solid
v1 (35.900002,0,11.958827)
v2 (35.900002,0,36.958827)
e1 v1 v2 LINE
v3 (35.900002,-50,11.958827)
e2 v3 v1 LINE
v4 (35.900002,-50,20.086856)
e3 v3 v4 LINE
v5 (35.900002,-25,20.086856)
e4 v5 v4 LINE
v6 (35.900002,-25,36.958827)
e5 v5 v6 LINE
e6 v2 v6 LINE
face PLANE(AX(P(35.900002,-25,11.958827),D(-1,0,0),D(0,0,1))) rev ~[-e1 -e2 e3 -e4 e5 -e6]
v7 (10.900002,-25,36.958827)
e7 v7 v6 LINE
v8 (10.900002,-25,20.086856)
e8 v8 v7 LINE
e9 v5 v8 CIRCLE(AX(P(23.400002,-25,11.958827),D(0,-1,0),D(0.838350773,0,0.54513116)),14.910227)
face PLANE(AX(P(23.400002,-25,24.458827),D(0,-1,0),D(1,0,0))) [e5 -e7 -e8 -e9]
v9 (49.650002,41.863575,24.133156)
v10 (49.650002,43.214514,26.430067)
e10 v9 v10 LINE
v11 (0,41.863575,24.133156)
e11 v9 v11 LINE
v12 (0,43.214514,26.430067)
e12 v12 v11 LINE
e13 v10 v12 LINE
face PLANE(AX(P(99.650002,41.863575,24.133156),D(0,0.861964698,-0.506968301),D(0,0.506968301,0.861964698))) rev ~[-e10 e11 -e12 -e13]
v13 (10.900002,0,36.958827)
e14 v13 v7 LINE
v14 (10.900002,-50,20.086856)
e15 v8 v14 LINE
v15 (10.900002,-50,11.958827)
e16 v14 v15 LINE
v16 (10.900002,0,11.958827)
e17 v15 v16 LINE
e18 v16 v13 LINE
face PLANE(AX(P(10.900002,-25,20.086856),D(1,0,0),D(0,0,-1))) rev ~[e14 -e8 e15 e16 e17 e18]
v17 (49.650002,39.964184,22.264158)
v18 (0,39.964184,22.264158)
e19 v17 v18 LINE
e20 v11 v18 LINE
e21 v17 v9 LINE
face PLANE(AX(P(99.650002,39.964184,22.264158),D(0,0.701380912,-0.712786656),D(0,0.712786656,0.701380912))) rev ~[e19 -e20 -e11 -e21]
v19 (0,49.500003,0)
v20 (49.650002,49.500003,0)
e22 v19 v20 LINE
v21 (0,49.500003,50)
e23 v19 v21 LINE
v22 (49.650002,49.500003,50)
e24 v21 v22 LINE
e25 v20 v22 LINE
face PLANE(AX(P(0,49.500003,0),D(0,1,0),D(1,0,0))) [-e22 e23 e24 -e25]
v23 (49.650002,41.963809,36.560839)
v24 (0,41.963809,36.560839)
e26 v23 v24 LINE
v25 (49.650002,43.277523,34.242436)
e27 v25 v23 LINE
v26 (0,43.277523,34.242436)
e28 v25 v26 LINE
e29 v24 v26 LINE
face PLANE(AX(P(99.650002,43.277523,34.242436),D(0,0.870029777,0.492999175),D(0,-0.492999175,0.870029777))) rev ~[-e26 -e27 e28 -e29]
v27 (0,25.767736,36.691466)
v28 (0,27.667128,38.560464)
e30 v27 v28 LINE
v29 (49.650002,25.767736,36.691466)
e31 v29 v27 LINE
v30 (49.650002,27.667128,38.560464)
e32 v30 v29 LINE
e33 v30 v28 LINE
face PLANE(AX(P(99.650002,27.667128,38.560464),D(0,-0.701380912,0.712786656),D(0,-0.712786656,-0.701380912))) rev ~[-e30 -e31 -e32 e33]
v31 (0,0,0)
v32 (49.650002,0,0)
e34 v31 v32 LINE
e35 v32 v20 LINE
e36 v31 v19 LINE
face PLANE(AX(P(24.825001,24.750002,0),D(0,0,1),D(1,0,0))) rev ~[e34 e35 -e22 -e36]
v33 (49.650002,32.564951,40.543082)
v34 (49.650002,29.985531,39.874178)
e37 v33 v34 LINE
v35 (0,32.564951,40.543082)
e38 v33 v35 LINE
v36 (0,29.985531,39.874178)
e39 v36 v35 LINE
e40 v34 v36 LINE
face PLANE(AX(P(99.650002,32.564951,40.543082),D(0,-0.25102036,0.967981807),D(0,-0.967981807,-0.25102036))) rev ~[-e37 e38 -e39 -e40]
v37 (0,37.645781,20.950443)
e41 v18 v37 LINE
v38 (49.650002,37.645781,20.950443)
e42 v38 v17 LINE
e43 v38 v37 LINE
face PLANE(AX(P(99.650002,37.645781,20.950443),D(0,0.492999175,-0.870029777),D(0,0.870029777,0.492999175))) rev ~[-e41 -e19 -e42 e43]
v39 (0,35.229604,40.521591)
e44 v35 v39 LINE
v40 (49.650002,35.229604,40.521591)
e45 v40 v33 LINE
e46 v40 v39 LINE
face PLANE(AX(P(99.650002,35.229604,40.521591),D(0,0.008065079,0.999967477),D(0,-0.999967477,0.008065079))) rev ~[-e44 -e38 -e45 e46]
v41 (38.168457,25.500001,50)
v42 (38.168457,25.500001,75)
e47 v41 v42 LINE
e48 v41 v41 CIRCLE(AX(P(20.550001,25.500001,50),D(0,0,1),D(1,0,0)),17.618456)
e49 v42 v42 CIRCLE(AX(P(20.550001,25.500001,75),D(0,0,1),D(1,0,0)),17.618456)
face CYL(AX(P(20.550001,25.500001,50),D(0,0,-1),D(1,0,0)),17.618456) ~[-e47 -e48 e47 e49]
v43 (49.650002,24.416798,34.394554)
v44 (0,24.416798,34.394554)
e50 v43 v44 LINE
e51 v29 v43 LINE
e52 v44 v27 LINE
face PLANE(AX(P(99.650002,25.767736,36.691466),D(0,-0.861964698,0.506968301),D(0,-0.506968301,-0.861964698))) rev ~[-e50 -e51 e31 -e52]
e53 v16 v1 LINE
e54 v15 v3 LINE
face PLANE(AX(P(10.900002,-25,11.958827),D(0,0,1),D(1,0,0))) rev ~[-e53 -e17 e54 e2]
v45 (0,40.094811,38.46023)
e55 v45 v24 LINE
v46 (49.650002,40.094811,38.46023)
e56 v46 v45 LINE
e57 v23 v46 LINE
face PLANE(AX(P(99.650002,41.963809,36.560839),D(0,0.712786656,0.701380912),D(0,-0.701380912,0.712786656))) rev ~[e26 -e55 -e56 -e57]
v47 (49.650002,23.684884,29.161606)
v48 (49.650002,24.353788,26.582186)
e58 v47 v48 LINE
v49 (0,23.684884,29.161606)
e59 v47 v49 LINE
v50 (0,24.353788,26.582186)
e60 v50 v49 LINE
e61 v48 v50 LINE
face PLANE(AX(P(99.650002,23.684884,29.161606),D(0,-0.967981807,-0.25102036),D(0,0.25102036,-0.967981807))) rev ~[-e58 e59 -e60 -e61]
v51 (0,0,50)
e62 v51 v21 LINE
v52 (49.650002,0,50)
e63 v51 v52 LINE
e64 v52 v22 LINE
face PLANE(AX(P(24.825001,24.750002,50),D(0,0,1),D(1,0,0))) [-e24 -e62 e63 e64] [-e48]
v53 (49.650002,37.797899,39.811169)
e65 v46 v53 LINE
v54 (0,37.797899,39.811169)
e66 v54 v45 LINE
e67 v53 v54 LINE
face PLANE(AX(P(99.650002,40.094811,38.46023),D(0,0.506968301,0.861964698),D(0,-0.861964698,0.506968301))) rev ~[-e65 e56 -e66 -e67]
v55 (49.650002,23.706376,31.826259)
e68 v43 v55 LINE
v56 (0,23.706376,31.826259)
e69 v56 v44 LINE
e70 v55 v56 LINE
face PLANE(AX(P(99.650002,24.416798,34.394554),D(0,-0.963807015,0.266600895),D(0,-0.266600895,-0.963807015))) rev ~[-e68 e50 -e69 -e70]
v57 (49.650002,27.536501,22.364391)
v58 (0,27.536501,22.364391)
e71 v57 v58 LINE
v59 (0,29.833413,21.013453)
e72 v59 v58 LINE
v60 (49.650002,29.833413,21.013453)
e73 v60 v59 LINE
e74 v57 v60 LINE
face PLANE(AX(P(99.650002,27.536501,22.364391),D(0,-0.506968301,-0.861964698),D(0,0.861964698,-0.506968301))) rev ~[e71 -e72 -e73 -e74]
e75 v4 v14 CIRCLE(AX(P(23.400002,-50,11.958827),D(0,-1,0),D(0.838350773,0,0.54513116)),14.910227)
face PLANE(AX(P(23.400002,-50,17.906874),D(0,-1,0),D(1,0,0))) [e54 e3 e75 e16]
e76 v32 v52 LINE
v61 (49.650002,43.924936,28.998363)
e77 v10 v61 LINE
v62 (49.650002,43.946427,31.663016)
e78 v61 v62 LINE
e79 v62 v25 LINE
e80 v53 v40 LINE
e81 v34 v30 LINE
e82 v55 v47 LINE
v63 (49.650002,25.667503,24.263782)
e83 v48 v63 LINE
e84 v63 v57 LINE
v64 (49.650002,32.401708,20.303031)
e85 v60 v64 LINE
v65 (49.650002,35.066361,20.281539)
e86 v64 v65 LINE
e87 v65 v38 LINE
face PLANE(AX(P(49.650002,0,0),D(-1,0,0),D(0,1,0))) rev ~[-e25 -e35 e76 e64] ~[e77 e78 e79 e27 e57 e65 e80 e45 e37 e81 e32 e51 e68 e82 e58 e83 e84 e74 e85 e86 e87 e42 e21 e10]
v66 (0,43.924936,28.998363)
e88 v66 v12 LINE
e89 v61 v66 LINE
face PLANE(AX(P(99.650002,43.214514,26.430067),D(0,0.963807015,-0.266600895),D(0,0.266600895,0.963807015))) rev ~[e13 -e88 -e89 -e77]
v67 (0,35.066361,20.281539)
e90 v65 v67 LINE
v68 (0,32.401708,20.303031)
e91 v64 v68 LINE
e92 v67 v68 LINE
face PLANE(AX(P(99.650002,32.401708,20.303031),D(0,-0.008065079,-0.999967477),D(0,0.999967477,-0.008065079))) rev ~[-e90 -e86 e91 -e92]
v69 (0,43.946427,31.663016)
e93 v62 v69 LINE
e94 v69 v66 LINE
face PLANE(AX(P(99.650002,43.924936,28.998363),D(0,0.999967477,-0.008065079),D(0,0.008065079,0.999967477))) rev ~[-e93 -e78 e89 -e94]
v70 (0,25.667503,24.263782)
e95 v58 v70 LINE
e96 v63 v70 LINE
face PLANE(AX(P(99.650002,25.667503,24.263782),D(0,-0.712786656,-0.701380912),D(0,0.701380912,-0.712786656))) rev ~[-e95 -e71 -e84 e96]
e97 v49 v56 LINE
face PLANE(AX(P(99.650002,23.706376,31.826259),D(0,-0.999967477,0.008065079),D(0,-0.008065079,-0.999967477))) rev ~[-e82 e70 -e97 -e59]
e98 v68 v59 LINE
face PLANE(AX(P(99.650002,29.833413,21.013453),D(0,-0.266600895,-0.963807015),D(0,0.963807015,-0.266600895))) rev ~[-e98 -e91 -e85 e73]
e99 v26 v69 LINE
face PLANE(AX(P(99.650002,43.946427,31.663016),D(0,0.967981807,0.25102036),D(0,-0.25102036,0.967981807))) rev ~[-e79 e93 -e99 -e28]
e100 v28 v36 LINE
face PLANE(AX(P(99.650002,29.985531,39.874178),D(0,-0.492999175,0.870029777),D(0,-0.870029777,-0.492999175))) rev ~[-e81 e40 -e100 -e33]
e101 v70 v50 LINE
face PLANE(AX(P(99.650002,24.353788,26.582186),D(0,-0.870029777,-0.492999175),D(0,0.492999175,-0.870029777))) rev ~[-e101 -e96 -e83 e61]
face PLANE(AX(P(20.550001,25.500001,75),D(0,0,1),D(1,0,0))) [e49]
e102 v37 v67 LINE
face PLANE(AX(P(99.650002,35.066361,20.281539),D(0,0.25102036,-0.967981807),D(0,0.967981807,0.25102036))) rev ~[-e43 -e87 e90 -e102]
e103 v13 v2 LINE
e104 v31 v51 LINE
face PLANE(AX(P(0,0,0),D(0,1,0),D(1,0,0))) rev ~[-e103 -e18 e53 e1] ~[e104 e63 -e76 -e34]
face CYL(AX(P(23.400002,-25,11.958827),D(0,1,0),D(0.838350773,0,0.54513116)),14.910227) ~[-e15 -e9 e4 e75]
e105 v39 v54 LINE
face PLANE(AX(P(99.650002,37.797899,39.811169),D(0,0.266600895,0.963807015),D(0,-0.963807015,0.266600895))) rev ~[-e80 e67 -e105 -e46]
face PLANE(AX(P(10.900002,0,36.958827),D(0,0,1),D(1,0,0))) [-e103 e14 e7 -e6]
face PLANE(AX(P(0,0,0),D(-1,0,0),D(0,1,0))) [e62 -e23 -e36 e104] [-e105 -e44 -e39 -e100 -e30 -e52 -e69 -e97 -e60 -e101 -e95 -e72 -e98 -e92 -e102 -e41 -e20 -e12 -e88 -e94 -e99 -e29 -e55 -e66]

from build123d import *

# Parameters (mm, degrees)
F0_W      = 49.6500022709
F0_H      = 49.5000034571
F1_DEPTH  = 50
F2_W      = 25
F2_H      = 25
F3_DEPTH  = 25
F4_R      = 17.6184560371
F5_DEPTH  = 25
F7_DEPTH  = 25
F8_DEPTH  = 25
F9_DEPTH  = 55
F10_DEPTH = 55
F11_DEPTH = 100
F13_DEPTH = 25


with BuildPart() as f1:
    # F0 (on Top) → F1 (new body)
    with BuildSketch(Plane.XY):
        with Locations((24.8250011355, 24.7500017285)):
            Rectangle(F0_W, F0_H)
    extrude(amount=F1_DEPTH)

    # F2 (on face) → F3 (join)
    with BuildSketch(Plane.XZ):
        with Locations((23.4000021592, 24.4588267358)):
            Rectangle(F2_W, F2_H)
    extrude(amount=F3_DEPTH)

    # F4 (on face) → F5 (join)
    with BuildSketch(Plane.XY.offset(50)):
        with Locations((20.5500014126, 25.5000013858)):
            Circle(F4_R)
    extrude(amount=F5_DEPTH)

    # F6 (on face) → F7 (join)
    with BuildSketch(Plane.YZ.offset(49.6500022709)):
        Polygon((23.6848843281, 29.1616055147), (24.3537883277, 26.5821856483), (25.6675029629, 24.2637824769), (27.5365007525, 22.3643913453), (29.8334125856, 21.0134526203), (32.4017077168, 20.3030305434), (35.066361077, 20.2815392052), (37.6457809434, 20.9504432048), (39.9641841148, 22.26415784), (41.8635752464, 24.1331556296), (43.2145139714, 26.4300674627), (43.9249360483, 28.9983625938), (43.9464273865, 31.6630159541), (43.2775233869, 34.2424358205), (41.9638087517, 36.5608389919), (40.0948109622, 38.4602301235), (37.797899129, 39.8111688485), (35.2296039979, 40.5215909253), (32.5649506376, 40.5430822636), (29.9855307712, 39.874178264), (27.6671275998, 38.5604636288), (25.7677364683, 36.6914658392), (24.4167977433, 34.3945540061), (23.7063756664, 31.826258875), align=None)
    extrude(amount=F7_DEPTH)

    # F8 (add): a face of the model
    f8_faces = [f1.faces().sort_by_distance(p)[0] for p in [
        (74.6500022709, 33.8156558573, 30.4123107344),
    ]]
    extrude(f8_faces, amount=F8_DEPTH)

    # F9 (cut): a face of the model
    f9_faces = [f1.faces().sort_by_distance(p)[0] for p in [
        (99.6500022709, 33.8156558573, 30.4123107344),
    ]]
    extrude(f9_faces, amount=-F9_DEPTH, mode=Mode.SUBTRACT)

    # F10 (add): a face of the model
    f10_faces = [f1.faces().sort_by_distance(p)[0] for p in [
        (44.6500022709, 33.8156558573, 30.4123107344),
    ]]
    extrude(f10_faces, amount=F10_DEPTH)

    # F11 (cut): a face of the model
    f11_faces = [f1.faces().sort_by_distance(p)[0] for p in [
        (99.6500022709, 33.8156558573, 30.4123107344),
    ]]
    extrude(f11_faces, amount=-F11_DEPTH, mode=Mode.SUBTRACT)

    # F12 (on face) → F13 (join)
    with BuildSketch(Plane.XZ.offset(25)):
        with BuildLine():
            Line((35.9000021592, 11.9588267358), (35.9000021592, 20.0868558522))
            ThreePointArc((35.9000021592, 20.0868558522), (23.4000021592, 26.8690533376), (10.9000021592, 20.0868558522))
            Line((10.9000021592, 20.0868558522), (10.9000021592, 11.9588267358))
            Line((10.9000021592, 11.9588267358), (35.9000021592, 11.9588267358))
        make_face()
    extrude(amount=F13_DEPTH)


solid = f1.part
